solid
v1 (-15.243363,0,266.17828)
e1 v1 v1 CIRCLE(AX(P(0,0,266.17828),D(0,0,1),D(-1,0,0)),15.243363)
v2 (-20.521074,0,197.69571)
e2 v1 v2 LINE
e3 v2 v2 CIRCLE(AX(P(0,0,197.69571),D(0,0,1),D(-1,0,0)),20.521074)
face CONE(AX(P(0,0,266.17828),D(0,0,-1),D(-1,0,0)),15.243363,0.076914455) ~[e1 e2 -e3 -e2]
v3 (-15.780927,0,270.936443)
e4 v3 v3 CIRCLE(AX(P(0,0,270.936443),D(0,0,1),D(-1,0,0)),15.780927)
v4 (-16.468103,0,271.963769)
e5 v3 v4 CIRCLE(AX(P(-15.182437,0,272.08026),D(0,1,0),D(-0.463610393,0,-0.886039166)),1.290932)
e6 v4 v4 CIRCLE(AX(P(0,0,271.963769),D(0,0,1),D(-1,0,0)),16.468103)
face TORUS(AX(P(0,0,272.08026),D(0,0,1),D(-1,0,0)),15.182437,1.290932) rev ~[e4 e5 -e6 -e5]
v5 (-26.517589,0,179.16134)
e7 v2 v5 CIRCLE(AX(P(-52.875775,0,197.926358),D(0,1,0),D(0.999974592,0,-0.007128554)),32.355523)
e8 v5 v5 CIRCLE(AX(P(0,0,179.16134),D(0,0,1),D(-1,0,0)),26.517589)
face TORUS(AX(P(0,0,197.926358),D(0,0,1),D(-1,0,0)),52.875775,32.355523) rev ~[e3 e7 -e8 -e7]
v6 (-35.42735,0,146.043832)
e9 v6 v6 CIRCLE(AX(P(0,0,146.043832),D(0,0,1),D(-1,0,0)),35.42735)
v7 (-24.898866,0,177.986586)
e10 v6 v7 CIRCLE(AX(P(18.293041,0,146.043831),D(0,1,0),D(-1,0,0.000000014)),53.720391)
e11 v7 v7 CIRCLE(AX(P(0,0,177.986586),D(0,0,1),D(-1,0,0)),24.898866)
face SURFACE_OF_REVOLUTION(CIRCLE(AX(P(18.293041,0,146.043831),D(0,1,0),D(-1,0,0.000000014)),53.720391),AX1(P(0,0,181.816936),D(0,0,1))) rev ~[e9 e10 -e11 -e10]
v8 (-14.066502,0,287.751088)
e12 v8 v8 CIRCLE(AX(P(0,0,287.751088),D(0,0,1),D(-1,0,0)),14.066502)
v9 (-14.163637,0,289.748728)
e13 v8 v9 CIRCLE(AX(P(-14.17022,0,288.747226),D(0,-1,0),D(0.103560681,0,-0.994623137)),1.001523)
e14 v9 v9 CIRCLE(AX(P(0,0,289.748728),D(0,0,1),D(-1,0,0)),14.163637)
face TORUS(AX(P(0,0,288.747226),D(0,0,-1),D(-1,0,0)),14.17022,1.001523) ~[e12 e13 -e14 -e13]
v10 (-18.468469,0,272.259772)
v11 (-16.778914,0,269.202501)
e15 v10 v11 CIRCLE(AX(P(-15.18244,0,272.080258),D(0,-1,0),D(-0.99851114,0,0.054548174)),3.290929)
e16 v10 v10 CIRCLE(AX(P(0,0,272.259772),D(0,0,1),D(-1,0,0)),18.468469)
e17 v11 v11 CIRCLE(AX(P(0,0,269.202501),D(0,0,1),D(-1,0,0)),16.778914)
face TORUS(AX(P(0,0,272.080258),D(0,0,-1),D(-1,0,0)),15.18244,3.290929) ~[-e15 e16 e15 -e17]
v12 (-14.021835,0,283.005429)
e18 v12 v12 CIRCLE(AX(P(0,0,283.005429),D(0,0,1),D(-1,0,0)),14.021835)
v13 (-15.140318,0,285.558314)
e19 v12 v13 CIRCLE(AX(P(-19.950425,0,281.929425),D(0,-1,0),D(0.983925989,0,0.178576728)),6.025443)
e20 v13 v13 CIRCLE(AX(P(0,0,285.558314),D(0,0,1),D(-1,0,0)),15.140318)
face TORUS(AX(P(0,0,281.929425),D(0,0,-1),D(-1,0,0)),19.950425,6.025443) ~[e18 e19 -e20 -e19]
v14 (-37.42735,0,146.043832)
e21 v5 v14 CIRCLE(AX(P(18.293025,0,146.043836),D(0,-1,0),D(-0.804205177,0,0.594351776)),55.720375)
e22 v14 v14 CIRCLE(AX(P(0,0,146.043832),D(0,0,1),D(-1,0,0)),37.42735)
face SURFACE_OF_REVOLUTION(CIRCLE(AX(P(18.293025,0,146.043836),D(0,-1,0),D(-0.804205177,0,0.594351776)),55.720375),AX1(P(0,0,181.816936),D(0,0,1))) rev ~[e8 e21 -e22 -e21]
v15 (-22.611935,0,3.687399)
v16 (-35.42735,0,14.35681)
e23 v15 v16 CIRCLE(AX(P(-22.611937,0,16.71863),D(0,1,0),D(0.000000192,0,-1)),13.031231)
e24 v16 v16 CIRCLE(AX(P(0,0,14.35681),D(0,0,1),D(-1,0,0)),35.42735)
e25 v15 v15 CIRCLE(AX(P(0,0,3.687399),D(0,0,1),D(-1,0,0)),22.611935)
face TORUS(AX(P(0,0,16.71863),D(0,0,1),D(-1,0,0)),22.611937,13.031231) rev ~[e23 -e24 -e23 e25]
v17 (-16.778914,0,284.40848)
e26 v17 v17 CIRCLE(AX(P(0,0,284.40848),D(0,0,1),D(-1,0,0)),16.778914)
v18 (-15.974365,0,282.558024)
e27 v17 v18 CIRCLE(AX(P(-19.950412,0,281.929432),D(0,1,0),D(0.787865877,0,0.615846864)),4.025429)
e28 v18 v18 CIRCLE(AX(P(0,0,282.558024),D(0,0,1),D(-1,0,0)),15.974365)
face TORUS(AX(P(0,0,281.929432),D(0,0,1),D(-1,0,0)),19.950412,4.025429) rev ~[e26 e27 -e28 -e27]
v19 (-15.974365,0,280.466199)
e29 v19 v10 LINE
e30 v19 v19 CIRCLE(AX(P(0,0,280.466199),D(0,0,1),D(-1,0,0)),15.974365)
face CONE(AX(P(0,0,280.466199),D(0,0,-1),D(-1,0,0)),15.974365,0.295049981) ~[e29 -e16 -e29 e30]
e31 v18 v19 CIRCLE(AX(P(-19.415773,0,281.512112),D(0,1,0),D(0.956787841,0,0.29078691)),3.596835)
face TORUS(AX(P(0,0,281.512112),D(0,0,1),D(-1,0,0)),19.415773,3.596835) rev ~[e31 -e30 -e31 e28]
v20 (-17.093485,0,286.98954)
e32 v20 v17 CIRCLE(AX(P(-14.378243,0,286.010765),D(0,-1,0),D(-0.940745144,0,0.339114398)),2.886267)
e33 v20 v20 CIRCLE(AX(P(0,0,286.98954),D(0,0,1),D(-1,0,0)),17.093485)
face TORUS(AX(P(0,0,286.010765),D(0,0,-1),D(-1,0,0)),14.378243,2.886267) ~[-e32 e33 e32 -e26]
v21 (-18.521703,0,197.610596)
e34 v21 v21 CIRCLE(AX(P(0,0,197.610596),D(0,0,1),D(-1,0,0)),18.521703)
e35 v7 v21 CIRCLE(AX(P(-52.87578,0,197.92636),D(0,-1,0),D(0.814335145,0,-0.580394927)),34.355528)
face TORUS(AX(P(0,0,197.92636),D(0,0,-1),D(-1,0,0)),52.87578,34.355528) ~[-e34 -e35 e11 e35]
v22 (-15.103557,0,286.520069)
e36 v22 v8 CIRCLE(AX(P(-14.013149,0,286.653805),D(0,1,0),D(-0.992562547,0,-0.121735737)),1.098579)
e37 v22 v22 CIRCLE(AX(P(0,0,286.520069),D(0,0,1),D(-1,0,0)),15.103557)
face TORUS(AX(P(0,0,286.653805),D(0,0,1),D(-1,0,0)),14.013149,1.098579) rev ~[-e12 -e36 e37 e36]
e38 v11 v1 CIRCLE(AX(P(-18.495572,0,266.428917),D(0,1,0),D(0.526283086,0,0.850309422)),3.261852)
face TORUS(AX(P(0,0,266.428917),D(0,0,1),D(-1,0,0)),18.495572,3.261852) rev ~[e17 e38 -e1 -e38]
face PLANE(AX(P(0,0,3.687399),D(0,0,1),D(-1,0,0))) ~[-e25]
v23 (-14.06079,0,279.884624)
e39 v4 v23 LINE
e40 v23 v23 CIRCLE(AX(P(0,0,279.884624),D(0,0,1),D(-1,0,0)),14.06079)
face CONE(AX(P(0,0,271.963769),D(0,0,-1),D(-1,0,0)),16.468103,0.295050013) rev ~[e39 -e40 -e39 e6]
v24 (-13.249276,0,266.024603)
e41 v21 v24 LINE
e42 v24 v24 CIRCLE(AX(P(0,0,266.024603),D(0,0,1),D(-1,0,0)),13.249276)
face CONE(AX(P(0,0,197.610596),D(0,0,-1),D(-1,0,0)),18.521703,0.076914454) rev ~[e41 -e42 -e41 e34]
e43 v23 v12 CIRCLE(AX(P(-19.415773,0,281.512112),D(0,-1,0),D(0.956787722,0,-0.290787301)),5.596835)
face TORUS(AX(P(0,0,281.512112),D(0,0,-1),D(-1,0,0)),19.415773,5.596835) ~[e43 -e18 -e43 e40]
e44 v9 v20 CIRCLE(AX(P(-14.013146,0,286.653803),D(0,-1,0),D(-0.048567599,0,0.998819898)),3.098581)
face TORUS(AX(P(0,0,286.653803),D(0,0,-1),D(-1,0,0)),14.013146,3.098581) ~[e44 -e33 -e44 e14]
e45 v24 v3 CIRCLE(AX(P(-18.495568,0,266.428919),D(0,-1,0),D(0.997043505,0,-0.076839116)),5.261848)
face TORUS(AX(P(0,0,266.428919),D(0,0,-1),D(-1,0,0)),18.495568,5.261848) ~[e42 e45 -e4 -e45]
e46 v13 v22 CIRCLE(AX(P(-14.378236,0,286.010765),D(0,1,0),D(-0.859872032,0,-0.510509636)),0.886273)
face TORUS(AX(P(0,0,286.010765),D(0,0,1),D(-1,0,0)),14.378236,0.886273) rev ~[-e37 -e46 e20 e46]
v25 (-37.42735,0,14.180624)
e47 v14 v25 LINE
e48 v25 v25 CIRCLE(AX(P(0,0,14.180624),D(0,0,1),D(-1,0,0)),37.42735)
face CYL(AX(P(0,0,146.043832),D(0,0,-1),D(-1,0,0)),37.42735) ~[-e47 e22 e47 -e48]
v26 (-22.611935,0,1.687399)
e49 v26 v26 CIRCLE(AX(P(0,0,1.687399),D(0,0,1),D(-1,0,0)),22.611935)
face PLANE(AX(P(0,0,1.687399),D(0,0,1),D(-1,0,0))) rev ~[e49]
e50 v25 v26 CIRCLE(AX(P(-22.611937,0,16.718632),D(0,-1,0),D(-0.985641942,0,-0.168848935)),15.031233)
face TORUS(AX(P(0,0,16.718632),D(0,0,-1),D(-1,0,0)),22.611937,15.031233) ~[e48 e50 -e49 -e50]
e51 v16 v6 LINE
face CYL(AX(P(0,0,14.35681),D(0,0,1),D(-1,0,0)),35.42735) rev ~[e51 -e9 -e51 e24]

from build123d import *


with BuildPart() as f1:
    # F0 (on Front) → F1 (revolve)
    with BuildSketch(Plane.XZ):
        with BuildLine():
            Line((-22.611935, 1.687399), (0, 1.687399))
            Line((0, 1.687399), (0, 3.687399))
            Line((0, 3.687399), (-22.611935, 3.687399))
            ThreePointArc((-22.611935, 3.687399), (-30.949669, 6.70388), (-35.42735, 14.35681))
            Line((-35.42735, 14.35681), (-35.42735, 146.043832))
            ThreePointArc((-35.42735, 146.043832), (-32.727379, 162.860405), (-24.898866, 177.986586))
            ThreePointArc((-24.898866, 177.986586), (-20.202189, 187.308509), (-18.521703, 197.610596))
            Line((-18.521703, 197.610596), (-13.249276, 266.024603))
            ThreePointArc((-13.249276, 266.024603), (-13.818426, 268.839602), (-15.780927, 270.936443))
            ThreePointArc((-15.780927, 270.936443), (-16.255452, 271.362523), (-16.468103, 271.963769))
            Line((-16.468103, 271.963769), (-14.06079, 279.884624))
            ThreePointArc((-14.06079, 279.884624), (-13.819374, 281.442256), (-14.021835, 283.005429))
            ThreePointArc((-14.021835, 283.005429), (-14.431439, 284.347432), (-15.140318, 285.558314))
            ThreePointArc((-15.140318, 285.558314), (-15.263863, 286.044616), (-15.103557, 286.520069))
            ThreePointArc((-15.103557, 286.520069), (-14.853327, 287.361602), (-14.066502, 287.751088))
            ThreePointArc((-14.066502, 287.751088), (-13.169879, 288.795868), (-14.163637, 289.748728))
            ThreePointArc((-14.163637, 289.748728), (-16.137492, 288.909543), (-17.093485, 286.98954))
            ThreePointArc((-17.093485, 286.98954), (-17.24331, 285.66158), (-16.778914, 284.40848))
            ThreePointArc((-16.778914, 284.40848), (-16.258814, 283.534481), (-15.974365, 282.558024))
            ThreePointArc((-15.974365, 282.558024), (-15.818938, 281.512111), (-15.974365, 280.466199))
            Line((-15.974365, 280.466199), (-18.468469, 272.259772))
            ThreePointArc((-18.468469, 272.259772), (-18.062793, 270.488473), (-16.778914, 269.202501))
            ThreePointArc((-16.778914, 269.202501), (-15.587155, 267.905668), (-15.243363, 266.17828))
            Line((-15.243363, 266.17828), (-20.521074, 197.69571))
            ThreePointArc((-20.521074, 197.69571), (-22.091339, 187.96652), (-26.517589, 179.16134))
            ThreePointArc((-26.517589, 179.16134), (-34.629676, 163.477938), (-37.42735, 146.043832))
            Line((-37.42735, 146.043832), (-37.42735, 14.180624))
            ThreePointArc((-37.42735, 14.180624), (-32.301843, 5.227606), (-22.611935, 1.687399))
        make_face()
    revolve(axis=Axis((0, 0, 181.816936), (0, 0, 1)))


solid = f1.part
